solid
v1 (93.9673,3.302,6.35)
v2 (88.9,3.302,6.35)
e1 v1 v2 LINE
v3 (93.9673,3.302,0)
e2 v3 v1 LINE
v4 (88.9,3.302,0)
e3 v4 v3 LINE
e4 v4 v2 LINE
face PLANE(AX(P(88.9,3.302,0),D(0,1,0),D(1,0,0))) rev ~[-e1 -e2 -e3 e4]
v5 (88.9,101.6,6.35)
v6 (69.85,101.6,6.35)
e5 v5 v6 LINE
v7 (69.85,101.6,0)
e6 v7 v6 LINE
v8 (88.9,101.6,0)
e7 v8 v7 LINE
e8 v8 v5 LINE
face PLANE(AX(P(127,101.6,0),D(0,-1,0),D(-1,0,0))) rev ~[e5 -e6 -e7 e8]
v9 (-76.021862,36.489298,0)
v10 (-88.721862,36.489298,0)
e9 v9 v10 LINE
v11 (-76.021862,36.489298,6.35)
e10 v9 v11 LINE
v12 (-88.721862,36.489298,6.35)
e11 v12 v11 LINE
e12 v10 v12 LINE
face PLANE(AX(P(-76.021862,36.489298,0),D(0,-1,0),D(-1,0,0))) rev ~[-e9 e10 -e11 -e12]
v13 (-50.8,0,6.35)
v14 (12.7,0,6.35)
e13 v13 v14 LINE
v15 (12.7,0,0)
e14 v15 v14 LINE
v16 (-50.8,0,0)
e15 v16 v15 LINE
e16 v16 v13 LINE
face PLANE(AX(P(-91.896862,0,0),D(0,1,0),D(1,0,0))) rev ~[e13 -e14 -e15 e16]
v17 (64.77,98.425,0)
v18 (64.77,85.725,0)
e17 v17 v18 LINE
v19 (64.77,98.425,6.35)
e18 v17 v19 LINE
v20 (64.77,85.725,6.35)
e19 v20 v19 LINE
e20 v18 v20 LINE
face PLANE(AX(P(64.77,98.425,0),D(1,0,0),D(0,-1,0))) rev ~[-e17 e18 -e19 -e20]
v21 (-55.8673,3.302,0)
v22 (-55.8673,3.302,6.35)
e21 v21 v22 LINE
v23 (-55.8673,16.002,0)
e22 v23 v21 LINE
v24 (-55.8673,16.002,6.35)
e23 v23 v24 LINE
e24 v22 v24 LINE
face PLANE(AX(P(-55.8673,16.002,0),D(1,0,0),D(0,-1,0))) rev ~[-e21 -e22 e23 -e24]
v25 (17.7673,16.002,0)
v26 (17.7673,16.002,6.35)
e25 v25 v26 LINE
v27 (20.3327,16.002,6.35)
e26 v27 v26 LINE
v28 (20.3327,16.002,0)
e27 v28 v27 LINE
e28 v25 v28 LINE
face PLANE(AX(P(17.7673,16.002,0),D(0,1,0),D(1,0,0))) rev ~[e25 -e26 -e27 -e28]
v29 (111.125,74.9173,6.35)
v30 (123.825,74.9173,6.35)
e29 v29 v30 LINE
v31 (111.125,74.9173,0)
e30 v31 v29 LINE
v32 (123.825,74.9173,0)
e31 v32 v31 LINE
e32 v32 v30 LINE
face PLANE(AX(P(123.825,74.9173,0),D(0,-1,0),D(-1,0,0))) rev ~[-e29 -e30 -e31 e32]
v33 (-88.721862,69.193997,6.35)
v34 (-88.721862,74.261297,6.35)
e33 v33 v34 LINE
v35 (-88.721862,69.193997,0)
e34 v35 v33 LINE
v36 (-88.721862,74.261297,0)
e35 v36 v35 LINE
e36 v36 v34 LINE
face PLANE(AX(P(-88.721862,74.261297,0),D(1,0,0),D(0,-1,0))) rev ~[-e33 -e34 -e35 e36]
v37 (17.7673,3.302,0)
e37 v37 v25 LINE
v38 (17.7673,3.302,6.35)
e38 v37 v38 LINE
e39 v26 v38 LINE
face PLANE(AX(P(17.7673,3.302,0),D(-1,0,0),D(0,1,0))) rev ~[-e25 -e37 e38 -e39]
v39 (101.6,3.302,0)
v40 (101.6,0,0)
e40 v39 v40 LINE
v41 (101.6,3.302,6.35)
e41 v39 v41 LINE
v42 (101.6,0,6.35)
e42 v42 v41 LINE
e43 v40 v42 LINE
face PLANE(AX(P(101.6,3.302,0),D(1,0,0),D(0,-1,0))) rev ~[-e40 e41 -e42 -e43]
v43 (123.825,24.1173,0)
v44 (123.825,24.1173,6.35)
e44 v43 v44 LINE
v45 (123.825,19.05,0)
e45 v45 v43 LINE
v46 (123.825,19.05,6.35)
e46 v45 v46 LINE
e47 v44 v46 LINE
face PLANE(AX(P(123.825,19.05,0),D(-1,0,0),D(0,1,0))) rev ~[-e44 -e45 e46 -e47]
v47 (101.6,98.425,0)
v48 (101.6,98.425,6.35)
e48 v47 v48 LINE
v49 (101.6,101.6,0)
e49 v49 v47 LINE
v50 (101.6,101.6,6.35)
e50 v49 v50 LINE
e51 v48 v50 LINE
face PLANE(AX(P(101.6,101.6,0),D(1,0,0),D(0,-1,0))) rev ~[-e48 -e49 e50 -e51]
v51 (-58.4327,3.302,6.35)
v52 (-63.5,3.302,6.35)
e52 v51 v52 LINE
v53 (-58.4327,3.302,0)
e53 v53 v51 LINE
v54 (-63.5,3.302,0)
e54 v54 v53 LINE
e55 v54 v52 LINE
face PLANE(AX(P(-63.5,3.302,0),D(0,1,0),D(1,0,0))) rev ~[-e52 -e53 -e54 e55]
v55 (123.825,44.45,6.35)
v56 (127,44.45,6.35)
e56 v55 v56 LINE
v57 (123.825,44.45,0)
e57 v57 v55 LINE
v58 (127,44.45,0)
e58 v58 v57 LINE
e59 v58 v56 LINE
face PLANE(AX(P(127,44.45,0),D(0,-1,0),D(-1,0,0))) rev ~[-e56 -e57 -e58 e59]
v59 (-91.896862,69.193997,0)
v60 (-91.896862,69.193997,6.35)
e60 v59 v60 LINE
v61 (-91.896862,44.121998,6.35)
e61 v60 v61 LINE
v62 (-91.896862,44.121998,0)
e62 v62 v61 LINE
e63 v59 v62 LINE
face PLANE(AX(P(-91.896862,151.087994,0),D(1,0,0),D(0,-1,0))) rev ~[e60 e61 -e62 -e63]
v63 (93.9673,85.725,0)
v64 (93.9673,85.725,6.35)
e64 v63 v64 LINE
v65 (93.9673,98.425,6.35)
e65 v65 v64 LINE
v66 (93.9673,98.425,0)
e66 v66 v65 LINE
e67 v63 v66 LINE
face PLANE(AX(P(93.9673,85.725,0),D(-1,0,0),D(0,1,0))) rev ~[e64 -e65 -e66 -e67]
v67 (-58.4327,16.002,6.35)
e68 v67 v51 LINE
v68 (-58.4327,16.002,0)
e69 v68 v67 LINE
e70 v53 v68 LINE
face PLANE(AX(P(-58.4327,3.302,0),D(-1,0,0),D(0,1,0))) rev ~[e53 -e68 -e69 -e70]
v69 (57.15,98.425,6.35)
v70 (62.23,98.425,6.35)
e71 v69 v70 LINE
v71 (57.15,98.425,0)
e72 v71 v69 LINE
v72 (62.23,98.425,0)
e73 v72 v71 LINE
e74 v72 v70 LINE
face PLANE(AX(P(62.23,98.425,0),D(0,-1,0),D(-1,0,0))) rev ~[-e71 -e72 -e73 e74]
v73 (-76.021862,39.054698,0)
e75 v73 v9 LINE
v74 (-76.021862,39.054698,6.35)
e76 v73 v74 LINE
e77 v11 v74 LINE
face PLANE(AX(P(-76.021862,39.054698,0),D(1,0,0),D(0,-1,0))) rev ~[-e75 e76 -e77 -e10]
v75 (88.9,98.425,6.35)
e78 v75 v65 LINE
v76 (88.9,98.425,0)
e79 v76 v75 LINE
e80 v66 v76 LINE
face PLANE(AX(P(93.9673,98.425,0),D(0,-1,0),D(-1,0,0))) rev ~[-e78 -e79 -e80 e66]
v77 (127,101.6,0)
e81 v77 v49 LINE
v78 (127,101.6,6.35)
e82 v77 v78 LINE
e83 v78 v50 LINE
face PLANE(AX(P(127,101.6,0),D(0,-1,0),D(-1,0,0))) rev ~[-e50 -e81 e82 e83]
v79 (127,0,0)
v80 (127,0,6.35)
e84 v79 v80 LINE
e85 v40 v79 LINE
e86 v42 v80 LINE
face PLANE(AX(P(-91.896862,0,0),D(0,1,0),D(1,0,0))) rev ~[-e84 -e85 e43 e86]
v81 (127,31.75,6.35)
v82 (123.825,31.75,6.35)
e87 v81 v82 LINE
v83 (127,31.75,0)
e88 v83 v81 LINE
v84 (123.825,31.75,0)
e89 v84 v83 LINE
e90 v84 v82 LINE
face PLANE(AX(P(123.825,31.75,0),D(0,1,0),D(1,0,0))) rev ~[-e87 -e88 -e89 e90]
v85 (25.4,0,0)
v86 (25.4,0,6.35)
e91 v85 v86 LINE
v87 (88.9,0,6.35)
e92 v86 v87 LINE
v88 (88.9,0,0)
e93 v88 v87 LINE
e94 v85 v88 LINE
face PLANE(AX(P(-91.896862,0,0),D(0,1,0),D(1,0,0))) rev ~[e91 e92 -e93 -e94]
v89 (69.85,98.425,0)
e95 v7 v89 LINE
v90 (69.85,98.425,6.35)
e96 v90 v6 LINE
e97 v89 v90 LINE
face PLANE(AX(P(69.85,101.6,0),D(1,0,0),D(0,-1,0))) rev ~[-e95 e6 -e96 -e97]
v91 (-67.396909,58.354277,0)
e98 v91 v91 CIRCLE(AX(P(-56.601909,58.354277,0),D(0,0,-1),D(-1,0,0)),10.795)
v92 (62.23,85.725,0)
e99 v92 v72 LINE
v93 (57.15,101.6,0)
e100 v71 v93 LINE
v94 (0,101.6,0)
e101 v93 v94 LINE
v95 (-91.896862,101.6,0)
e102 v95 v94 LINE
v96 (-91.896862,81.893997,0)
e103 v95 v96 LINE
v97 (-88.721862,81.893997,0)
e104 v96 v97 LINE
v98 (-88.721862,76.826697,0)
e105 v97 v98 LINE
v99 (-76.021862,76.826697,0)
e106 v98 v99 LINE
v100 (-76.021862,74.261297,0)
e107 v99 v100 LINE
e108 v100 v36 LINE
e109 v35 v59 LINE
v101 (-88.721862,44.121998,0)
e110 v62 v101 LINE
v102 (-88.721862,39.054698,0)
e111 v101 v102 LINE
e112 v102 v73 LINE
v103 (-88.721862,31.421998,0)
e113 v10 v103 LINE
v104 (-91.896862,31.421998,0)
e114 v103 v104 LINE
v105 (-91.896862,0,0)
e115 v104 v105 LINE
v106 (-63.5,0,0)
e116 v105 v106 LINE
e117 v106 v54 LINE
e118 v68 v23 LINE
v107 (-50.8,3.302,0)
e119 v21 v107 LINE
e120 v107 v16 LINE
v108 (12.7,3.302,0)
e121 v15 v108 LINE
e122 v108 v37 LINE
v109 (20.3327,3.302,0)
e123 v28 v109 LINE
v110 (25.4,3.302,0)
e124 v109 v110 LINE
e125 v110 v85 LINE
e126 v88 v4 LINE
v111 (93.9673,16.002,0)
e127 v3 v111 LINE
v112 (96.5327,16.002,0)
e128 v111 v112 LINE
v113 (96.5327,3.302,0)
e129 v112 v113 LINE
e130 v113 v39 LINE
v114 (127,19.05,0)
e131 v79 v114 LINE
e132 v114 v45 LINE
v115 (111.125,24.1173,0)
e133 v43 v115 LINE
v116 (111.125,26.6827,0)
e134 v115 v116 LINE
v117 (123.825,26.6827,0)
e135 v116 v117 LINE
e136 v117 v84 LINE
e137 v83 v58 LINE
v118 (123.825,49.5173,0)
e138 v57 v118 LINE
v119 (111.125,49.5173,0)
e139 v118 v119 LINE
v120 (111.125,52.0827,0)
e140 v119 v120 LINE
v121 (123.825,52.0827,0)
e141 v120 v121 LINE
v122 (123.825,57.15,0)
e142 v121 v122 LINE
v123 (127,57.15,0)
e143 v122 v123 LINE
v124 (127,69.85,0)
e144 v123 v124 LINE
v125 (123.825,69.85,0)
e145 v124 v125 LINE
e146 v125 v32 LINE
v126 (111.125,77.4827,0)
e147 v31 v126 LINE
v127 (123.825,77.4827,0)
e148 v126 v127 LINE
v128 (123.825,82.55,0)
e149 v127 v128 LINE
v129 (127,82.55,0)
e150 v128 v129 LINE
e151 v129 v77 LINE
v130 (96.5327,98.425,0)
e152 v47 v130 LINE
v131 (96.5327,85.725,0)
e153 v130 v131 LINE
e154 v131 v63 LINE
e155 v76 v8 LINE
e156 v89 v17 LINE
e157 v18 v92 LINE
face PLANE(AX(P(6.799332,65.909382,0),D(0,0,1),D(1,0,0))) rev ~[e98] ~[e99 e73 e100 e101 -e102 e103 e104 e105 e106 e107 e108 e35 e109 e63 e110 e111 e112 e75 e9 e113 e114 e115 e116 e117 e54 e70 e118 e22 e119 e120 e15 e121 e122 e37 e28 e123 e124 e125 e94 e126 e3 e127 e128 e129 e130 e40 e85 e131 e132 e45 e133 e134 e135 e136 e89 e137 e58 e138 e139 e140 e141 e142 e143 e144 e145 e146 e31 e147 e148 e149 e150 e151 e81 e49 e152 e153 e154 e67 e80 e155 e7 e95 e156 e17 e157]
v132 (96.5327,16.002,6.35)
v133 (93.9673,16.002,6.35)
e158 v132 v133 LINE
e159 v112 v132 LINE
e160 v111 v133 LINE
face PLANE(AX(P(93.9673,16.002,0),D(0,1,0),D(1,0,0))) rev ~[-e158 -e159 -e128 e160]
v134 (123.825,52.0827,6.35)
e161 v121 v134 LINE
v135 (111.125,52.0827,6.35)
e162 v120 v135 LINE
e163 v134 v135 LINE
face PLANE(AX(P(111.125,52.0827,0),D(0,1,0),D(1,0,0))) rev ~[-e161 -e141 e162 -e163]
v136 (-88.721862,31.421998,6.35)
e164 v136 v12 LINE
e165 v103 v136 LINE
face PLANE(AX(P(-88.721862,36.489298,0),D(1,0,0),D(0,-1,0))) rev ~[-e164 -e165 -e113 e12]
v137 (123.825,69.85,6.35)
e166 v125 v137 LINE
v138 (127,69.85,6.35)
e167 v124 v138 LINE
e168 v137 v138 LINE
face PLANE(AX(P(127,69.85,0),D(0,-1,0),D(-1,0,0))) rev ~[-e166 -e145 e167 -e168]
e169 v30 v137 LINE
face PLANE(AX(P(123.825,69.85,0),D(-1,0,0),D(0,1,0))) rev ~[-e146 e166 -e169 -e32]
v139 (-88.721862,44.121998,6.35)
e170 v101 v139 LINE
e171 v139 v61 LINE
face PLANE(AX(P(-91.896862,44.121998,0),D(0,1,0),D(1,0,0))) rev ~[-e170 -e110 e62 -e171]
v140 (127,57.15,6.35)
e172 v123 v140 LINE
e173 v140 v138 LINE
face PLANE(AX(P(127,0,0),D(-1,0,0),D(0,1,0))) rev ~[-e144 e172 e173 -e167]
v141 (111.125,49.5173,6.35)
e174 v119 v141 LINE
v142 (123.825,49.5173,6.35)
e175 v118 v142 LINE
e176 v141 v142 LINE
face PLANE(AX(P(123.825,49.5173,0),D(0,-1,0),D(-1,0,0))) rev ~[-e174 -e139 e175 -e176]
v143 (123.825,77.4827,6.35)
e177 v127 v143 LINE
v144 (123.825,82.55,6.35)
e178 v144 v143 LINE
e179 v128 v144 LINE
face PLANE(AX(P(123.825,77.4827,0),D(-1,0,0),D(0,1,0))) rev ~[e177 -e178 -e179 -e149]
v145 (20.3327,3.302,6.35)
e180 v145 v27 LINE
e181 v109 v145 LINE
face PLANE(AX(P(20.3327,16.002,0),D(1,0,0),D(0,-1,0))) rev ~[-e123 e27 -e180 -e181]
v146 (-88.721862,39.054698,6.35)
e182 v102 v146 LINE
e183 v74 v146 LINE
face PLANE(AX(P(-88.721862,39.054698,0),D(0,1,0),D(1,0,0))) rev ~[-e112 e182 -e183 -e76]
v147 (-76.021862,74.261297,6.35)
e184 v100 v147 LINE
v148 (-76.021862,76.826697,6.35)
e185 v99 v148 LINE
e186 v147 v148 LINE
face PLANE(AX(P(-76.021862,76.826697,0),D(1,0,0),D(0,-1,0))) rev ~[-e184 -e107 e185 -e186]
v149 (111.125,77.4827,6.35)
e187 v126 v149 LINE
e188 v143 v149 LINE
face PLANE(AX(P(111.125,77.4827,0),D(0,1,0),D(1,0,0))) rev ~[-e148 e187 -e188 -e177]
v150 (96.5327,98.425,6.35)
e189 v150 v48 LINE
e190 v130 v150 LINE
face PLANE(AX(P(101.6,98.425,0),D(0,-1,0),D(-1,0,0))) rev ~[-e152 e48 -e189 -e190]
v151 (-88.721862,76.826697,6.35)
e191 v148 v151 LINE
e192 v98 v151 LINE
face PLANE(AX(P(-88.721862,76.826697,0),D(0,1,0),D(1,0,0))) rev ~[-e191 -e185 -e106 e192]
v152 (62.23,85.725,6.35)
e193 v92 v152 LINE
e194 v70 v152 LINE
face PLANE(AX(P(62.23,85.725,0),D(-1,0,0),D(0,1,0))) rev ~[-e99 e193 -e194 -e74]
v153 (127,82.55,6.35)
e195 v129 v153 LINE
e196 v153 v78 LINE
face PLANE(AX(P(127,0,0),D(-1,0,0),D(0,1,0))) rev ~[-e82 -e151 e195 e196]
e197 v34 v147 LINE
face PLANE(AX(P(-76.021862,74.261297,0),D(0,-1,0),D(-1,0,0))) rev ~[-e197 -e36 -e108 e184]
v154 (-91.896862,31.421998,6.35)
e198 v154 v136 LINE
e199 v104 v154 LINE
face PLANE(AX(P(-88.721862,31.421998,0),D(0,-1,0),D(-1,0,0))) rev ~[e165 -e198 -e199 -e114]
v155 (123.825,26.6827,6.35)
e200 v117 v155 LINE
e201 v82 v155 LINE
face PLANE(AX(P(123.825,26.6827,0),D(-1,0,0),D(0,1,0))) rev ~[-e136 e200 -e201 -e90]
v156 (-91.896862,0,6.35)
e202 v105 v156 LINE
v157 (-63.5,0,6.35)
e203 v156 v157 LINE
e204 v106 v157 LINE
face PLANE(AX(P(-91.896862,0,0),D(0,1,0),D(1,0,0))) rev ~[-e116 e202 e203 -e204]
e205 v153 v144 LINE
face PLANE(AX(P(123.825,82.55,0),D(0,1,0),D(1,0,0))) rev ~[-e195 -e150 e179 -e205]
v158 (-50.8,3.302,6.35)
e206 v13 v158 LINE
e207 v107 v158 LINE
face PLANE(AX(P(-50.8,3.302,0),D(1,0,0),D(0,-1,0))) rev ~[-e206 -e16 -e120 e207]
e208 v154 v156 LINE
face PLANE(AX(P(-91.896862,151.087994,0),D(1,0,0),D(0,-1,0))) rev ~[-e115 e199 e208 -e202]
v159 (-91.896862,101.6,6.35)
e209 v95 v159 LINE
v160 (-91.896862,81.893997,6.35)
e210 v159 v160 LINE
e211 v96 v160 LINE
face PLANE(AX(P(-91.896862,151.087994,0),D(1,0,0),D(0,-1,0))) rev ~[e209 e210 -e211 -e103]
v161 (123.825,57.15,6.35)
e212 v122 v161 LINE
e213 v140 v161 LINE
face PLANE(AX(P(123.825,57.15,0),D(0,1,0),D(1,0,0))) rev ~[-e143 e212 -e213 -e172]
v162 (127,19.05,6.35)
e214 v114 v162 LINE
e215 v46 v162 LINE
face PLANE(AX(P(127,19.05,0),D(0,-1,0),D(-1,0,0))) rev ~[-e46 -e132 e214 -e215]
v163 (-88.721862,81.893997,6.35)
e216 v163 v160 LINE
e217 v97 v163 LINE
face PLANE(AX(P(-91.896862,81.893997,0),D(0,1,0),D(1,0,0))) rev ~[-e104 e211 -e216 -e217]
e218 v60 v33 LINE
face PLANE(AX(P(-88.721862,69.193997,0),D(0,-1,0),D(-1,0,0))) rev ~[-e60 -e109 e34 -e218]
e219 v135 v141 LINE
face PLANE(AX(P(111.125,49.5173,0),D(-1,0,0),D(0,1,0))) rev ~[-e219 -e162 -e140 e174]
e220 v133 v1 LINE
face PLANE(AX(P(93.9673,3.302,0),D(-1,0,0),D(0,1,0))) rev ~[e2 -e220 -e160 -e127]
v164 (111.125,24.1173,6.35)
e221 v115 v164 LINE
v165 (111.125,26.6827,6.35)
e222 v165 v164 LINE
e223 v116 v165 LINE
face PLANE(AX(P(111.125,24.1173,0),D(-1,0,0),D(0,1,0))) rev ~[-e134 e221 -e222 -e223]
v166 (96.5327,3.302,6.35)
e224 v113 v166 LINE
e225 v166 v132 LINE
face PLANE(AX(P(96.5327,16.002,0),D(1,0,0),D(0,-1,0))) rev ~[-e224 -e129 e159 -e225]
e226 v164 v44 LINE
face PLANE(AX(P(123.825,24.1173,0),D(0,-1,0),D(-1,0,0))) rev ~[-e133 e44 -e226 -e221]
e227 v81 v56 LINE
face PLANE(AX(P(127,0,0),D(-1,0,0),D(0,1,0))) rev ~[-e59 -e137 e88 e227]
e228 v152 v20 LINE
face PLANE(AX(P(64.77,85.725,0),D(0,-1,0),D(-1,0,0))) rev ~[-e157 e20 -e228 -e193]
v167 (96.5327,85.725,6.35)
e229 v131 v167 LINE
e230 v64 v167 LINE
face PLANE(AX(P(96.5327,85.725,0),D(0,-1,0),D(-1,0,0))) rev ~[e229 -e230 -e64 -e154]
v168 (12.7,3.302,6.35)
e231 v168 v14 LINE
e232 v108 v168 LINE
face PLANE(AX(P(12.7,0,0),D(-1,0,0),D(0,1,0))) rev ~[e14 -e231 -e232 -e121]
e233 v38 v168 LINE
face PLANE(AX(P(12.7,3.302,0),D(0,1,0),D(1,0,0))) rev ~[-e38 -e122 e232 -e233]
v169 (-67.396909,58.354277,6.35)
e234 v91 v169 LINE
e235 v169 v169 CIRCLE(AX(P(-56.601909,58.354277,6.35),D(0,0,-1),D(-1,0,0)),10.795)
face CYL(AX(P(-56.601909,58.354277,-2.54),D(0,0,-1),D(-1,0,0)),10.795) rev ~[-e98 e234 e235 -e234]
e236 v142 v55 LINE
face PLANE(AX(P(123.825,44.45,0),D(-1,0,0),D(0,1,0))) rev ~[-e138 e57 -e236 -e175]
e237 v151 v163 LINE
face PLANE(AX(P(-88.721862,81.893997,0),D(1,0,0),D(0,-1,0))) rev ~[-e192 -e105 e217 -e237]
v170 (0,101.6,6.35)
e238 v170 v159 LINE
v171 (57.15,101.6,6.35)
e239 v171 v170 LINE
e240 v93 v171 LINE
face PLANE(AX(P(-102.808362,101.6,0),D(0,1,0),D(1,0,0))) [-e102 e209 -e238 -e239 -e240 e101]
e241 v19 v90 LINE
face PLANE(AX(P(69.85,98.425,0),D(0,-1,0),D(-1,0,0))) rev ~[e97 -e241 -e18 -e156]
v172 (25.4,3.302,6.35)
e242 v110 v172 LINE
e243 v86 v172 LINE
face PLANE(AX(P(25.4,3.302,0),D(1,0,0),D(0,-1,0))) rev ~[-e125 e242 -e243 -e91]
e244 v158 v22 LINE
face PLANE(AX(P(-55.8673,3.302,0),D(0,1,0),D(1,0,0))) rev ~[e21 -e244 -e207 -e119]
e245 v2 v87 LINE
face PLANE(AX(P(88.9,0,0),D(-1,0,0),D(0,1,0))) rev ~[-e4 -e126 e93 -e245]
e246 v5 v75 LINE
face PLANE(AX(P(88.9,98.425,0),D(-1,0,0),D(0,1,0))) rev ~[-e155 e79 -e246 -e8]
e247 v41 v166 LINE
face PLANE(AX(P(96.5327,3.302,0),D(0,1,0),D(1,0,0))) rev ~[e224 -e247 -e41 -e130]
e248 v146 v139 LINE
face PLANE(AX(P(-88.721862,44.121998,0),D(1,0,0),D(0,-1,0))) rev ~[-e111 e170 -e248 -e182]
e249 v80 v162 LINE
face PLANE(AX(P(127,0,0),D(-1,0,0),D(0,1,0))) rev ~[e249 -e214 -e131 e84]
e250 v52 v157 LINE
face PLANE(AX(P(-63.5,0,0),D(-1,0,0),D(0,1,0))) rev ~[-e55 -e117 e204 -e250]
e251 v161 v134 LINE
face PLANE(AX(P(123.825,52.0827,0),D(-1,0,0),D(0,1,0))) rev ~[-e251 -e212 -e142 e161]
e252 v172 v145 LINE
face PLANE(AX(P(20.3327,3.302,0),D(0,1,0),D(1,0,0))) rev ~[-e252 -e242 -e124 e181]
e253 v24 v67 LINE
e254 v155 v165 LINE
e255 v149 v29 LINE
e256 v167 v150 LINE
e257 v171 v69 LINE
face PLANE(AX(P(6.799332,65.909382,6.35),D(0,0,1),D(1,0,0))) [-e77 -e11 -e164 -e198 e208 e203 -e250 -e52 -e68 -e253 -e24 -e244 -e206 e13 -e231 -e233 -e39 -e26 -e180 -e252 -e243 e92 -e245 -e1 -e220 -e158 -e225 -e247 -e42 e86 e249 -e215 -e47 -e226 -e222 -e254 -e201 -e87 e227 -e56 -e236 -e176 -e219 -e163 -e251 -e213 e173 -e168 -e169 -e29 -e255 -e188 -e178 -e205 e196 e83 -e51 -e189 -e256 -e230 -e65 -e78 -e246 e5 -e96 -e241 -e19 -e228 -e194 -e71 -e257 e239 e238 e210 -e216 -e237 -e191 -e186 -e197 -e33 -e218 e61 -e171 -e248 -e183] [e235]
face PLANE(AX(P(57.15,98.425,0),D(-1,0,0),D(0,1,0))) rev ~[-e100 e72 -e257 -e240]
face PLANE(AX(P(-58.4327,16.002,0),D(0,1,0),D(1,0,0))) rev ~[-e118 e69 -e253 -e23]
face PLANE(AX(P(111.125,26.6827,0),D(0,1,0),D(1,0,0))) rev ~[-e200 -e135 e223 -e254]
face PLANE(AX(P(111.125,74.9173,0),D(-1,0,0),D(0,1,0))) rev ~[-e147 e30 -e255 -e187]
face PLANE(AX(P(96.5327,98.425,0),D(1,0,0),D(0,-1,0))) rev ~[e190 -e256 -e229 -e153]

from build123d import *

# Parameters (mm, degrees)
BOSS_EXTRUDE1_DEPTH     = 6.35
CUT_EXTRUDE4_DEPTH      = 127
CUT_EXTRUDE4_DEPTH_BACK = 127
CUT_EXTRUDE5_DEPTH      = 127
CUT_EXTRUDE5_DEPTH_BACK = 127
CUT_EXTRUDE7_DEPTH      = 127
CUT_EXTRUDE7_DEPTH_BACK = 127
SKETCH5_W               = 229.808362084
SKETCH5_H               = 77.917038349
CUT_EXTRUDE8_DEPTH      = 127
CUT_EXTRUDE8_DEPTH_BACK = 127
SKETCH6_R               = 10.795


with BuildPart() as part:
    # Sketch1 → Boss-Extrude1 (new body)
    with BuildSketch(Plane.XY):
        Polygon((0, 0), (127, 0), (127, 101.6), (0, 101.6), (-70.692427737, 172.292427737), (-91.896861793, 151.087993682), (-91.896861793, 0), align=None)
    extrude(amount=BOSS_EXTRUDE1_DEPTH)

    # Sketch3 → Cut-Extrude4 (cut, two sides: drawn at the far end of the back side and taken through both)
    with BuildSketch(Plane(origin=(0, 0, 0), x_dir=(-1, 0, 0), z_dir=(0, 0, -1)).offset(-CUT_EXTRUDE4_DEPTH_BACK)):
        Polygon((68.447363707, 161.067107586), (63.957235647, 156.576979525), (66.202299677, 154.331915495), (70.692427737, 158.822043556), align=None)
        Polygon((-127, 31.75), (-127, 19.05), (-123.825, 19.05), (-123.825, 24.1173), (-111.125, 24.1173), (-111.125, 26.6827), (-123.825, 26.6827), (-123.825, 31.75), align=None)
        Polygon((-57.15, 101.6), (-69.85, 101.6), (-69.85, 98.425), (-64.77, 98.425), (-64.77, 85.725), (-62.23, 85.725), (-62.23, 98.425), (-57.15, 98.425), align=None)
        Polygon((-88.9, 101.6), (-101.6, 101.6), (-101.6, 98.425), (-96.5327, 98.425), (-96.5327, 85.725), (-93.9673, 85.725), (-93.9673, 98.425), (-88.9, 98.425), align=None)
        Polygon((-127, 82.55), (-127, 69.85), (-123.825, 69.85), (-123.825, 74.9173), (-111.125, 74.9173), (-111.125, 77.4827), (-123.825, 77.4827), (-123.825, 82.55), align=None)
        Polygon((-127, 57.15), (-127, 44.45), (-123.825, 44.45), (-123.825, 49.5173), (-111.125, 49.5173), (-111.125, 52.0827), (-123.825, 52.0827), (-123.825, 57.15), align=None)
        Polygon((88.721861793, 106.965995261), (91.896861793, 106.965995261), (91.896861793, 119.665995261), (88.721861793, 119.665995261), (88.721861793, 114.598695261), (76.021861793, 114.598695261), (76.021861793, 112.033295261), (88.721861793, 112.033295261), align=None)
        Polygon((88.721861793, 69.193996841), (91.896861793, 69.193996841), (91.896861793, 81.893996841), (88.721861793, 81.893996841), (88.721861793, 76.826696841), (76.021861793, 76.826696841), (76.021861793, 74.261296841), (88.721861793, 74.261296841), align=None)
        Polygon((88.721861793, 31.42199842), (91.896861793, 31.42199842), (91.896861793, 44.12199842), (88.721861793, 44.12199842), (88.721861793, 39.05469842), (76.021861793, 39.05469842), (76.021861793, 36.48929842), (88.721861793, 36.48929842), align=None)
        Polygon((50.8, 3.302), (50.8, 0), (63.5, 0), (63.5, 3.302), (58.4327, 3.302), (58.4327, 16.002), (55.8673, 16.002), (55.8673, 3.302), align=None)
        Polygon((-25.4, 3.302), (-25.4, 0), (-12.7, 0), (-12.7, 3.302), (-17.7673, 3.302), (-17.7673, 16.002), (-20.3327, 16.002), (-20.3327, 3.302), align=None)
        Polygon((-101.6, 3.302), (-101.6, 0), (-88.9, 0), (-88.9, 3.302), (-93.9673, 3.302), (-93.9673, 16.002), (-96.5327, 16.002), (-96.5327, 3.302), align=None)
    extrude(amount=CUT_EXTRUDE4_DEPTH + CUT_EXTRUDE4_DEPTH_BACK, mode=Mode.SUBTRACT)

    # Sketch4 → Cut-Extrude5 (cut, two sides: drawn at the far end of the back side and taken through both)
    with BuildSketch(Plane.XY.offset(-CUT_EXTRUDE5_DEPTH_BACK)):
        Polygon((-81.917747889, 147.596723404), (-79.672683858, 149.841787435), (-75.182555798, 145.351659374), (-77.427619828, 143.106595344), align=None)
    extrude(amount=CUT_EXTRUDE5_DEPTH + CUT_EXTRUDE5_DEPTH_BACK, mode=Mode.SUBTRACT)

    # Sketch5 → Cut-Extrude7 (cut, two sides: drawn at the far end of the back side and taken through both)
    with BuildSketch(Plane.XY.offset(-CUT_EXTRUDE7_DEPTH_BACK)):
        with Locations((12.095818958, 140.558519175)):
            Rectangle(SKETCH5_W, SKETCH5_H)
    extrude(amount=CUT_EXTRUDE7_DEPTH + CUT_EXTRUDE7_DEPTH_BACK, mode=Mode.SUBTRACT)

    # Sketch6 → Cut-Extrude8 (cut, two sides: drawn at the far end of the back side and taken through both)
    with BuildSketch(Plane(origin=(0, 0, -2.54), x_dir=(-1, 0, 0), z_dir=(0, 0, -1)).offset(-CUT_EXTRUDE8_DEPTH_BACK)):
        with Locations((56.601909208, 58.354277065)):
            Circle(SKETCH6_R)
    extrude(amount=CUT_EXTRUDE8_DEPTH + CUT_EXTRUDE8_DEPTH_BACK, mode=Mode.SUBTRACT)


solid = part.part
